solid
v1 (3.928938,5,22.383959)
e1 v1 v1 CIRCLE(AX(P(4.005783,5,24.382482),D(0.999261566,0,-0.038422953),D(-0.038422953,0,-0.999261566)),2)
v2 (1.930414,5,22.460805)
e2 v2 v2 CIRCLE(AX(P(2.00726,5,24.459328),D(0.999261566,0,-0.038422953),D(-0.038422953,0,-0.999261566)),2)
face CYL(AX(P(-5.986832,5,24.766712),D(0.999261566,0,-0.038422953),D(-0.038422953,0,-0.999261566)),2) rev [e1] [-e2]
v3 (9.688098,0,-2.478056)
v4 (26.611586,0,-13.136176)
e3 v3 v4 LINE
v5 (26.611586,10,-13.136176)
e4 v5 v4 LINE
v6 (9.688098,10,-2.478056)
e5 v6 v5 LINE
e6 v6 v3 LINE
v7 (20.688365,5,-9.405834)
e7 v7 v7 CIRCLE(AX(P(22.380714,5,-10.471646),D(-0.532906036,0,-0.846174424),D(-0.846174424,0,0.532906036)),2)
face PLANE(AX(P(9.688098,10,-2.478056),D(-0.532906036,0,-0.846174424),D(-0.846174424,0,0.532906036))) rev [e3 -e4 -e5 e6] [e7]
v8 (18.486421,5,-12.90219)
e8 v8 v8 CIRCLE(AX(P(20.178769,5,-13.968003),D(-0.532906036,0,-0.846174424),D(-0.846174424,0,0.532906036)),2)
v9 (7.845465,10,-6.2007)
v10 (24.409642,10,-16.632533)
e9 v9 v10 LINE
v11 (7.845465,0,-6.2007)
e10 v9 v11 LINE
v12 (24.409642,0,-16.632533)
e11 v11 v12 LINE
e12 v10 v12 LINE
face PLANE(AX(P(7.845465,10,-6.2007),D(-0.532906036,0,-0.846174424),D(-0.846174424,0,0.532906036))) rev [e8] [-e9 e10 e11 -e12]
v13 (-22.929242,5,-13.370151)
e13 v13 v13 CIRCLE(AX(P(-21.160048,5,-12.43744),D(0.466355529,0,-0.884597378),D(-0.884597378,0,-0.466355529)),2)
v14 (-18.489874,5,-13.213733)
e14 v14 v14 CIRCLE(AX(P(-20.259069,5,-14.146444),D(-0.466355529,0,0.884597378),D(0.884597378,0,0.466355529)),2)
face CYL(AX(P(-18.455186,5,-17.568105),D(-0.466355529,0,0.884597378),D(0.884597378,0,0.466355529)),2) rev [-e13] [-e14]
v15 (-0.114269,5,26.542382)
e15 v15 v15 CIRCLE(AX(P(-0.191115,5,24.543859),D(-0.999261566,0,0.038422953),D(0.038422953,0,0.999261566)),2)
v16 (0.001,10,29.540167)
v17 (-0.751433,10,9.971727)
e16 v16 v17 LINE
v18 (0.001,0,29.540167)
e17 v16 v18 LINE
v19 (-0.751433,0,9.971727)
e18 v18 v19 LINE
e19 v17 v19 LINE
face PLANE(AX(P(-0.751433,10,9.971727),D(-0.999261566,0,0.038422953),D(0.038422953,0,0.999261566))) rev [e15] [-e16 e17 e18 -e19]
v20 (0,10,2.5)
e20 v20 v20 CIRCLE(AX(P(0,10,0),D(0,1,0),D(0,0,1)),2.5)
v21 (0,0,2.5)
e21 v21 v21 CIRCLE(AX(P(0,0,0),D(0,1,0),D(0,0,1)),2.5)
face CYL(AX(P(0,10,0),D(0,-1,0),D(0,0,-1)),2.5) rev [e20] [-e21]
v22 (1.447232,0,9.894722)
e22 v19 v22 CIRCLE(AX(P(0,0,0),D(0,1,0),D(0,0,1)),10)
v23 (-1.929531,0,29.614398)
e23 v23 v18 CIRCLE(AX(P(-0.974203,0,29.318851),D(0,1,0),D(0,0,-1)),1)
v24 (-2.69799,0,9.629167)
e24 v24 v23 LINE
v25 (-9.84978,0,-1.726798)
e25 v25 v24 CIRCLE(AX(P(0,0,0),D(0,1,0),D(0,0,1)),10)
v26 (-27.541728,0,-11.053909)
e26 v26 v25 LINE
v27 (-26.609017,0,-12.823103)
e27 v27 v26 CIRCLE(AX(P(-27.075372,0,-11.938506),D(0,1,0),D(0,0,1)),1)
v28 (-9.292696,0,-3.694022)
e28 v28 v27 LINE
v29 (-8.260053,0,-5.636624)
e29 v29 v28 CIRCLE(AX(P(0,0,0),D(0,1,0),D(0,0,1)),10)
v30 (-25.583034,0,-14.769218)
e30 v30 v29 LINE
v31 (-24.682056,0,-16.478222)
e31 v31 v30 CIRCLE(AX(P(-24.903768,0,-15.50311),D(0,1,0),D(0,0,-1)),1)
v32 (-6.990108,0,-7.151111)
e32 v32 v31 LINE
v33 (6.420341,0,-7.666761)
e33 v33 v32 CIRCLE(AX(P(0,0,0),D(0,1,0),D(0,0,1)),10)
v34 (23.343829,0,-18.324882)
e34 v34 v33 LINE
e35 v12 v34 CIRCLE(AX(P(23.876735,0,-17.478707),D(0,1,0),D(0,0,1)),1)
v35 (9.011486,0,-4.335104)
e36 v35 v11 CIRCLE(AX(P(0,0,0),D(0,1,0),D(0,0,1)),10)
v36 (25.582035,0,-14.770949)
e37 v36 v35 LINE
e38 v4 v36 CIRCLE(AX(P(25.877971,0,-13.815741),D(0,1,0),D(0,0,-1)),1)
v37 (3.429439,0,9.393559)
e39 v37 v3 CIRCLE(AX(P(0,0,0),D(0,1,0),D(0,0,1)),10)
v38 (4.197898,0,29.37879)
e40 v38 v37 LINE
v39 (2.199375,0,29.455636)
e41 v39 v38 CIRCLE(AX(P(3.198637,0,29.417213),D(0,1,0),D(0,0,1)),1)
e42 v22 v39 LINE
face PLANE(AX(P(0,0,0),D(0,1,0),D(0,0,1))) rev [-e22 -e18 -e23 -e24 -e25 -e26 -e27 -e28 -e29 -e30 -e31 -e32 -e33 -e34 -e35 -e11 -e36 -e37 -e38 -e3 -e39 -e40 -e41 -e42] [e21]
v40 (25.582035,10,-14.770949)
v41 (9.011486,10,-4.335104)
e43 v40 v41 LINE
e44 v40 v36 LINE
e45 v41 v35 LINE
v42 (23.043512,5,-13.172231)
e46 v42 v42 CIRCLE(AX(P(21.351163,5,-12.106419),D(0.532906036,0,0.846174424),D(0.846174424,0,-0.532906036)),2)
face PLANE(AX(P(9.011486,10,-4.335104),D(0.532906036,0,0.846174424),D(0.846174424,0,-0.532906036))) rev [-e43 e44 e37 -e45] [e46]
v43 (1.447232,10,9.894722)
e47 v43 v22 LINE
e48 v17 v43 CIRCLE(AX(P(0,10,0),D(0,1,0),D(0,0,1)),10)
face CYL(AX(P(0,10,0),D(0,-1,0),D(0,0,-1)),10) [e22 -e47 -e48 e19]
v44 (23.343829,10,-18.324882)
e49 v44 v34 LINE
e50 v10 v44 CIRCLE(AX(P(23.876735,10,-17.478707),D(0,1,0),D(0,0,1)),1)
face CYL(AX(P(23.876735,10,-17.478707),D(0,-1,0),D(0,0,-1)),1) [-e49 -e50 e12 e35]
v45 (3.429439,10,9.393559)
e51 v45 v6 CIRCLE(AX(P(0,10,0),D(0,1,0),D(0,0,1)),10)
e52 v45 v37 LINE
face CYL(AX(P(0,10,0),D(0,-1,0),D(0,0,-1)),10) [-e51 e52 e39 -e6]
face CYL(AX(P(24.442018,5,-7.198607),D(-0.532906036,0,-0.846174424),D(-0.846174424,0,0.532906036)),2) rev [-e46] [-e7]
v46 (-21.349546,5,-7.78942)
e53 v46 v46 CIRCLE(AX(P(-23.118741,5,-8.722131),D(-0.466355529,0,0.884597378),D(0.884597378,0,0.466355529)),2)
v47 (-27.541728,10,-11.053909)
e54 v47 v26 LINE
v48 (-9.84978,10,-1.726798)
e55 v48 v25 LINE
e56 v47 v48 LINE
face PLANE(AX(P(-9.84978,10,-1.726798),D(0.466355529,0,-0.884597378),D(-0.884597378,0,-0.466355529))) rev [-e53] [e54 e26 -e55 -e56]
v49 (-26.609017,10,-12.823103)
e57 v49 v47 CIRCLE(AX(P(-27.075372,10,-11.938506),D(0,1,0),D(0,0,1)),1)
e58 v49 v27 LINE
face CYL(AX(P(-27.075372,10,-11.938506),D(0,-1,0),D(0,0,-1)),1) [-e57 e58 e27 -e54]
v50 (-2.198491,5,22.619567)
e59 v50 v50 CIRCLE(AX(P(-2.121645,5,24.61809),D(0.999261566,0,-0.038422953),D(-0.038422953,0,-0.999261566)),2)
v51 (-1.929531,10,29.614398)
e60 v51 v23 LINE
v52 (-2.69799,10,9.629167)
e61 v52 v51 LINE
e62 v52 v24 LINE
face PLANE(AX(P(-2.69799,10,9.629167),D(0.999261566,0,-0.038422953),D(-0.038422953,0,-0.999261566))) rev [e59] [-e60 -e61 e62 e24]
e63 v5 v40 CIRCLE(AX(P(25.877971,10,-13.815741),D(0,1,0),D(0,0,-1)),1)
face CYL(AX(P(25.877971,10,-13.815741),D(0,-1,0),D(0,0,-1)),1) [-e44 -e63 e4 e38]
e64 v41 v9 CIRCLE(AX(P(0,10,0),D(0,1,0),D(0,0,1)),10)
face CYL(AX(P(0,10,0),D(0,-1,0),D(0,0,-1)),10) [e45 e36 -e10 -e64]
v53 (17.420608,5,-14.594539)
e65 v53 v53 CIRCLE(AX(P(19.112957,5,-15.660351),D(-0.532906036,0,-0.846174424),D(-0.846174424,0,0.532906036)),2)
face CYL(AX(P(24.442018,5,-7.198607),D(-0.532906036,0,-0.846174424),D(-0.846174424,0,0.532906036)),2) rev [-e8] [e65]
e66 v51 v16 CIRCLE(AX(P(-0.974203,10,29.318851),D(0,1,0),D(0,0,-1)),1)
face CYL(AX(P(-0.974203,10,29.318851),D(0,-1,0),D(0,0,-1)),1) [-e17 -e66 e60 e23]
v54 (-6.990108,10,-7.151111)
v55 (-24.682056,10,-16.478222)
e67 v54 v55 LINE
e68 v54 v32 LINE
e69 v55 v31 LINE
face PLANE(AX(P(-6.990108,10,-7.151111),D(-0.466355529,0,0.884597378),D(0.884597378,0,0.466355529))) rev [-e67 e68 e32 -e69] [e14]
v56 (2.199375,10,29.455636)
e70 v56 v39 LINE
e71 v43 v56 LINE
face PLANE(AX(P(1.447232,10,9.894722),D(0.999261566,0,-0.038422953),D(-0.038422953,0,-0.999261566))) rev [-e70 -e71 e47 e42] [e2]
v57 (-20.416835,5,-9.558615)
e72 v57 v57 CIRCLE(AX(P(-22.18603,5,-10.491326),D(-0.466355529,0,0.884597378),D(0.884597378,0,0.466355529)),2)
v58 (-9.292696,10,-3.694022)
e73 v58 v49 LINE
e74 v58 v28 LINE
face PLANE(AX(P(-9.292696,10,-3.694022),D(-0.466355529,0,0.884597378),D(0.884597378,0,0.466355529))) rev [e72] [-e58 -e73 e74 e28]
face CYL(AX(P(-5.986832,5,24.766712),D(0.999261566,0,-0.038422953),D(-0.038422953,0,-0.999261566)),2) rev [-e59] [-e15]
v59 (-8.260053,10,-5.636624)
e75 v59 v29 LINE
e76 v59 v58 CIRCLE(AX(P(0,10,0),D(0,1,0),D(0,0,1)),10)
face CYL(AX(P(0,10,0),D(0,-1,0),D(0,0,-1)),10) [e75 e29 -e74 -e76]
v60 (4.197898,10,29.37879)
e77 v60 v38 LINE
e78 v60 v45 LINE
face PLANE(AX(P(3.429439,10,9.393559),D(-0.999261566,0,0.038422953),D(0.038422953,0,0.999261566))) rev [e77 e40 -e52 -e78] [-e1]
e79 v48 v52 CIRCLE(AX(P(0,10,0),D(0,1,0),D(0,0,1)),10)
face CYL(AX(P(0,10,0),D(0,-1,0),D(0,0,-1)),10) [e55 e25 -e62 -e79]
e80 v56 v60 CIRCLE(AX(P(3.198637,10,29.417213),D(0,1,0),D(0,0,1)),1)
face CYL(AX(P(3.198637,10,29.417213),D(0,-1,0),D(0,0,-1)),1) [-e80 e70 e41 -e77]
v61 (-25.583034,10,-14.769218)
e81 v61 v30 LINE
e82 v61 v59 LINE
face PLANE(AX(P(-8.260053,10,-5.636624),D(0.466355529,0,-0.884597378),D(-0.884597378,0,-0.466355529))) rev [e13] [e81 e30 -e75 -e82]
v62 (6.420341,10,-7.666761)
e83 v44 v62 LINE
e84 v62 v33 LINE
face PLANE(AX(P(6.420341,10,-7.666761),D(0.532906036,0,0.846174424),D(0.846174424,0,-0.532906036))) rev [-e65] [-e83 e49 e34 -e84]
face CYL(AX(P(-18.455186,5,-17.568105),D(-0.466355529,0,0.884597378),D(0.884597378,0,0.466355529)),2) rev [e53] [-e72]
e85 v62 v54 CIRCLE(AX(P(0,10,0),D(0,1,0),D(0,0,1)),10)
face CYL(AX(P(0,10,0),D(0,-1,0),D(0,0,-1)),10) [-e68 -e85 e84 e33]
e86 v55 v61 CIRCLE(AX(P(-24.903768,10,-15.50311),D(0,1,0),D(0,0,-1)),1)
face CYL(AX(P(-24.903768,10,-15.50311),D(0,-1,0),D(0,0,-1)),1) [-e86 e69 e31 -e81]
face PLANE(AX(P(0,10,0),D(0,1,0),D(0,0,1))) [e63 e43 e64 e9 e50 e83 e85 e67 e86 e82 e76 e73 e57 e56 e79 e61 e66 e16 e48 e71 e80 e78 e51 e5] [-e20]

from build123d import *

# Parameters (mm, degrees)
SKETCH1_R           = 2.5
BOSS_EXTRUDE1_DEPTH = 10
SKETCH2_R           = 2
CUT_EXTRUDE1_DEPTH  = 10
CIRPATTERN1_COUNT   = 3


with BuildPart() as part:
    # Sketch1 → Boss-Extrude1 (new body)
    with BuildSketch(Plane(origin=(0, 0, 0), x_dir=(1, 0, 0), z_dir=(0, 1, 0))):
        with BuildLine():
            Line((3.42943918, -9.393558799), (4.197898245, -29.378790113))
            ThreePointArc((4.197898245, -29.378790113), (3.237059632, -30.416474632), (2.199375114, -29.455636019))
            Line((2.199375114, -29.455636019), (1.447231615, -9.894721858))
            ThreePointArc((1.447231615, -9.894721858), (0.350023332, -9.993872306), (-0.751433173, -9.971727442))
            Line((-0.751433173, -9.971727442), (0.000999669, -29.540166516))
            ThreePointArc((0.000999669, -29.540166516), (-0.935779597, -30.318112399), (-1.929530696, -29.614398009))
            Line((-1.929530696, -29.614398009), (-2.697989761, -9.629166695))
            ThreePointArc((-2.697989761, -9.629166695), (-8.461744243, -5.329060364), (-9.849780142, 1.726797949))
            Line((-9.849780142, 1.726797949), (-27.541727692, 11.053908534))
            ThreePointArc((-27.541727692, 11.053908534), (-27.959969541, 12.404861441), (-26.609016634, 12.823103289))
            Line((-26.609016634, 12.823103289), (-9.2926963, 3.694021585))
            ThreePointArc((-9.2926963, 3.694021585), (-8.829958965, 4.693807055), (-8.260052699, 5.636623938))
            Line((-8.260052699, 5.636623938), (-25.58303447, 14.769217519))
            ThreePointArc((-25.58303447, 14.769217519), (-25.788365734, 15.969465103), (-24.682055646, 16.478221605))
            Line((-24.682055646, 16.478221605), (-6.990108095, 7.15111102))
            ThreePointArc((-6.990108095, 7.15111102), (-0.384229532, 9.992615657), (6.420340962, 7.66676085))
            Line((6.420340962, 7.66676085), (23.343829448, 18.324881579))
            ThreePointArc((23.343829448, 18.324881579), (24.722909908, 18.011613191), (24.40964152, 16.63253273))
            Line((24.40964152, 16.63253273), (7.845464685, 6.200700273))
            ThreePointArc((7.845464685, 6.200700273), (8.479935633, 5.300065251), (9.011485871, 4.335103505))
            Line((9.011485871, 4.335103505), (25.582034801, 14.770948997))
            ThreePointArc((25.582034801, 14.770948997), (26.724145331, 14.348647296), (26.611586342, 13.136176404))
            Line((26.611586342, 13.136176404), (9.688097856, 2.478055676))
            ThreePointArc((9.688097856, 2.478055676), (8.845973775, -4.663555293), (3.42943918, -9.393558799))
        make_face()
        Circle(SKETCH1_R, mode=Mode.SUBTRACT)
    extrude(amount=BOSS_EXTRUDE1_DEPTH)

    # Sketch2 → Cut-Extrude1 (cut)
    with BuildSketch(Plane(origin=(3.063714471, 0, -0.117803948), x_dir=(-0.038422953, 0, -0.999261566), z_dir=(0.999261566, 0, -0.038422953))):
        with Locations((-24.518391454, 5)):
            Circle(SKETCH2_R)
    cut_extrude1 = extrude(amount=-CUT_EXTRUDE1_DEPTH, mode=Mode.SUBTRACT)

    # CirPattern1: Cut-Extrude1 ×3 about axis
    cirpattern1_axis = Axis((0, 10, 0), (0, -1, 0))
    for i in range(1, CIRPATTERN1_COUNT):
        add(cut_extrude1.rotate(cirpattern1_axis, i * 360 / CIRPATTERN1_COUNT), mode=Mode.SUBTRACT)


solid = part.part
